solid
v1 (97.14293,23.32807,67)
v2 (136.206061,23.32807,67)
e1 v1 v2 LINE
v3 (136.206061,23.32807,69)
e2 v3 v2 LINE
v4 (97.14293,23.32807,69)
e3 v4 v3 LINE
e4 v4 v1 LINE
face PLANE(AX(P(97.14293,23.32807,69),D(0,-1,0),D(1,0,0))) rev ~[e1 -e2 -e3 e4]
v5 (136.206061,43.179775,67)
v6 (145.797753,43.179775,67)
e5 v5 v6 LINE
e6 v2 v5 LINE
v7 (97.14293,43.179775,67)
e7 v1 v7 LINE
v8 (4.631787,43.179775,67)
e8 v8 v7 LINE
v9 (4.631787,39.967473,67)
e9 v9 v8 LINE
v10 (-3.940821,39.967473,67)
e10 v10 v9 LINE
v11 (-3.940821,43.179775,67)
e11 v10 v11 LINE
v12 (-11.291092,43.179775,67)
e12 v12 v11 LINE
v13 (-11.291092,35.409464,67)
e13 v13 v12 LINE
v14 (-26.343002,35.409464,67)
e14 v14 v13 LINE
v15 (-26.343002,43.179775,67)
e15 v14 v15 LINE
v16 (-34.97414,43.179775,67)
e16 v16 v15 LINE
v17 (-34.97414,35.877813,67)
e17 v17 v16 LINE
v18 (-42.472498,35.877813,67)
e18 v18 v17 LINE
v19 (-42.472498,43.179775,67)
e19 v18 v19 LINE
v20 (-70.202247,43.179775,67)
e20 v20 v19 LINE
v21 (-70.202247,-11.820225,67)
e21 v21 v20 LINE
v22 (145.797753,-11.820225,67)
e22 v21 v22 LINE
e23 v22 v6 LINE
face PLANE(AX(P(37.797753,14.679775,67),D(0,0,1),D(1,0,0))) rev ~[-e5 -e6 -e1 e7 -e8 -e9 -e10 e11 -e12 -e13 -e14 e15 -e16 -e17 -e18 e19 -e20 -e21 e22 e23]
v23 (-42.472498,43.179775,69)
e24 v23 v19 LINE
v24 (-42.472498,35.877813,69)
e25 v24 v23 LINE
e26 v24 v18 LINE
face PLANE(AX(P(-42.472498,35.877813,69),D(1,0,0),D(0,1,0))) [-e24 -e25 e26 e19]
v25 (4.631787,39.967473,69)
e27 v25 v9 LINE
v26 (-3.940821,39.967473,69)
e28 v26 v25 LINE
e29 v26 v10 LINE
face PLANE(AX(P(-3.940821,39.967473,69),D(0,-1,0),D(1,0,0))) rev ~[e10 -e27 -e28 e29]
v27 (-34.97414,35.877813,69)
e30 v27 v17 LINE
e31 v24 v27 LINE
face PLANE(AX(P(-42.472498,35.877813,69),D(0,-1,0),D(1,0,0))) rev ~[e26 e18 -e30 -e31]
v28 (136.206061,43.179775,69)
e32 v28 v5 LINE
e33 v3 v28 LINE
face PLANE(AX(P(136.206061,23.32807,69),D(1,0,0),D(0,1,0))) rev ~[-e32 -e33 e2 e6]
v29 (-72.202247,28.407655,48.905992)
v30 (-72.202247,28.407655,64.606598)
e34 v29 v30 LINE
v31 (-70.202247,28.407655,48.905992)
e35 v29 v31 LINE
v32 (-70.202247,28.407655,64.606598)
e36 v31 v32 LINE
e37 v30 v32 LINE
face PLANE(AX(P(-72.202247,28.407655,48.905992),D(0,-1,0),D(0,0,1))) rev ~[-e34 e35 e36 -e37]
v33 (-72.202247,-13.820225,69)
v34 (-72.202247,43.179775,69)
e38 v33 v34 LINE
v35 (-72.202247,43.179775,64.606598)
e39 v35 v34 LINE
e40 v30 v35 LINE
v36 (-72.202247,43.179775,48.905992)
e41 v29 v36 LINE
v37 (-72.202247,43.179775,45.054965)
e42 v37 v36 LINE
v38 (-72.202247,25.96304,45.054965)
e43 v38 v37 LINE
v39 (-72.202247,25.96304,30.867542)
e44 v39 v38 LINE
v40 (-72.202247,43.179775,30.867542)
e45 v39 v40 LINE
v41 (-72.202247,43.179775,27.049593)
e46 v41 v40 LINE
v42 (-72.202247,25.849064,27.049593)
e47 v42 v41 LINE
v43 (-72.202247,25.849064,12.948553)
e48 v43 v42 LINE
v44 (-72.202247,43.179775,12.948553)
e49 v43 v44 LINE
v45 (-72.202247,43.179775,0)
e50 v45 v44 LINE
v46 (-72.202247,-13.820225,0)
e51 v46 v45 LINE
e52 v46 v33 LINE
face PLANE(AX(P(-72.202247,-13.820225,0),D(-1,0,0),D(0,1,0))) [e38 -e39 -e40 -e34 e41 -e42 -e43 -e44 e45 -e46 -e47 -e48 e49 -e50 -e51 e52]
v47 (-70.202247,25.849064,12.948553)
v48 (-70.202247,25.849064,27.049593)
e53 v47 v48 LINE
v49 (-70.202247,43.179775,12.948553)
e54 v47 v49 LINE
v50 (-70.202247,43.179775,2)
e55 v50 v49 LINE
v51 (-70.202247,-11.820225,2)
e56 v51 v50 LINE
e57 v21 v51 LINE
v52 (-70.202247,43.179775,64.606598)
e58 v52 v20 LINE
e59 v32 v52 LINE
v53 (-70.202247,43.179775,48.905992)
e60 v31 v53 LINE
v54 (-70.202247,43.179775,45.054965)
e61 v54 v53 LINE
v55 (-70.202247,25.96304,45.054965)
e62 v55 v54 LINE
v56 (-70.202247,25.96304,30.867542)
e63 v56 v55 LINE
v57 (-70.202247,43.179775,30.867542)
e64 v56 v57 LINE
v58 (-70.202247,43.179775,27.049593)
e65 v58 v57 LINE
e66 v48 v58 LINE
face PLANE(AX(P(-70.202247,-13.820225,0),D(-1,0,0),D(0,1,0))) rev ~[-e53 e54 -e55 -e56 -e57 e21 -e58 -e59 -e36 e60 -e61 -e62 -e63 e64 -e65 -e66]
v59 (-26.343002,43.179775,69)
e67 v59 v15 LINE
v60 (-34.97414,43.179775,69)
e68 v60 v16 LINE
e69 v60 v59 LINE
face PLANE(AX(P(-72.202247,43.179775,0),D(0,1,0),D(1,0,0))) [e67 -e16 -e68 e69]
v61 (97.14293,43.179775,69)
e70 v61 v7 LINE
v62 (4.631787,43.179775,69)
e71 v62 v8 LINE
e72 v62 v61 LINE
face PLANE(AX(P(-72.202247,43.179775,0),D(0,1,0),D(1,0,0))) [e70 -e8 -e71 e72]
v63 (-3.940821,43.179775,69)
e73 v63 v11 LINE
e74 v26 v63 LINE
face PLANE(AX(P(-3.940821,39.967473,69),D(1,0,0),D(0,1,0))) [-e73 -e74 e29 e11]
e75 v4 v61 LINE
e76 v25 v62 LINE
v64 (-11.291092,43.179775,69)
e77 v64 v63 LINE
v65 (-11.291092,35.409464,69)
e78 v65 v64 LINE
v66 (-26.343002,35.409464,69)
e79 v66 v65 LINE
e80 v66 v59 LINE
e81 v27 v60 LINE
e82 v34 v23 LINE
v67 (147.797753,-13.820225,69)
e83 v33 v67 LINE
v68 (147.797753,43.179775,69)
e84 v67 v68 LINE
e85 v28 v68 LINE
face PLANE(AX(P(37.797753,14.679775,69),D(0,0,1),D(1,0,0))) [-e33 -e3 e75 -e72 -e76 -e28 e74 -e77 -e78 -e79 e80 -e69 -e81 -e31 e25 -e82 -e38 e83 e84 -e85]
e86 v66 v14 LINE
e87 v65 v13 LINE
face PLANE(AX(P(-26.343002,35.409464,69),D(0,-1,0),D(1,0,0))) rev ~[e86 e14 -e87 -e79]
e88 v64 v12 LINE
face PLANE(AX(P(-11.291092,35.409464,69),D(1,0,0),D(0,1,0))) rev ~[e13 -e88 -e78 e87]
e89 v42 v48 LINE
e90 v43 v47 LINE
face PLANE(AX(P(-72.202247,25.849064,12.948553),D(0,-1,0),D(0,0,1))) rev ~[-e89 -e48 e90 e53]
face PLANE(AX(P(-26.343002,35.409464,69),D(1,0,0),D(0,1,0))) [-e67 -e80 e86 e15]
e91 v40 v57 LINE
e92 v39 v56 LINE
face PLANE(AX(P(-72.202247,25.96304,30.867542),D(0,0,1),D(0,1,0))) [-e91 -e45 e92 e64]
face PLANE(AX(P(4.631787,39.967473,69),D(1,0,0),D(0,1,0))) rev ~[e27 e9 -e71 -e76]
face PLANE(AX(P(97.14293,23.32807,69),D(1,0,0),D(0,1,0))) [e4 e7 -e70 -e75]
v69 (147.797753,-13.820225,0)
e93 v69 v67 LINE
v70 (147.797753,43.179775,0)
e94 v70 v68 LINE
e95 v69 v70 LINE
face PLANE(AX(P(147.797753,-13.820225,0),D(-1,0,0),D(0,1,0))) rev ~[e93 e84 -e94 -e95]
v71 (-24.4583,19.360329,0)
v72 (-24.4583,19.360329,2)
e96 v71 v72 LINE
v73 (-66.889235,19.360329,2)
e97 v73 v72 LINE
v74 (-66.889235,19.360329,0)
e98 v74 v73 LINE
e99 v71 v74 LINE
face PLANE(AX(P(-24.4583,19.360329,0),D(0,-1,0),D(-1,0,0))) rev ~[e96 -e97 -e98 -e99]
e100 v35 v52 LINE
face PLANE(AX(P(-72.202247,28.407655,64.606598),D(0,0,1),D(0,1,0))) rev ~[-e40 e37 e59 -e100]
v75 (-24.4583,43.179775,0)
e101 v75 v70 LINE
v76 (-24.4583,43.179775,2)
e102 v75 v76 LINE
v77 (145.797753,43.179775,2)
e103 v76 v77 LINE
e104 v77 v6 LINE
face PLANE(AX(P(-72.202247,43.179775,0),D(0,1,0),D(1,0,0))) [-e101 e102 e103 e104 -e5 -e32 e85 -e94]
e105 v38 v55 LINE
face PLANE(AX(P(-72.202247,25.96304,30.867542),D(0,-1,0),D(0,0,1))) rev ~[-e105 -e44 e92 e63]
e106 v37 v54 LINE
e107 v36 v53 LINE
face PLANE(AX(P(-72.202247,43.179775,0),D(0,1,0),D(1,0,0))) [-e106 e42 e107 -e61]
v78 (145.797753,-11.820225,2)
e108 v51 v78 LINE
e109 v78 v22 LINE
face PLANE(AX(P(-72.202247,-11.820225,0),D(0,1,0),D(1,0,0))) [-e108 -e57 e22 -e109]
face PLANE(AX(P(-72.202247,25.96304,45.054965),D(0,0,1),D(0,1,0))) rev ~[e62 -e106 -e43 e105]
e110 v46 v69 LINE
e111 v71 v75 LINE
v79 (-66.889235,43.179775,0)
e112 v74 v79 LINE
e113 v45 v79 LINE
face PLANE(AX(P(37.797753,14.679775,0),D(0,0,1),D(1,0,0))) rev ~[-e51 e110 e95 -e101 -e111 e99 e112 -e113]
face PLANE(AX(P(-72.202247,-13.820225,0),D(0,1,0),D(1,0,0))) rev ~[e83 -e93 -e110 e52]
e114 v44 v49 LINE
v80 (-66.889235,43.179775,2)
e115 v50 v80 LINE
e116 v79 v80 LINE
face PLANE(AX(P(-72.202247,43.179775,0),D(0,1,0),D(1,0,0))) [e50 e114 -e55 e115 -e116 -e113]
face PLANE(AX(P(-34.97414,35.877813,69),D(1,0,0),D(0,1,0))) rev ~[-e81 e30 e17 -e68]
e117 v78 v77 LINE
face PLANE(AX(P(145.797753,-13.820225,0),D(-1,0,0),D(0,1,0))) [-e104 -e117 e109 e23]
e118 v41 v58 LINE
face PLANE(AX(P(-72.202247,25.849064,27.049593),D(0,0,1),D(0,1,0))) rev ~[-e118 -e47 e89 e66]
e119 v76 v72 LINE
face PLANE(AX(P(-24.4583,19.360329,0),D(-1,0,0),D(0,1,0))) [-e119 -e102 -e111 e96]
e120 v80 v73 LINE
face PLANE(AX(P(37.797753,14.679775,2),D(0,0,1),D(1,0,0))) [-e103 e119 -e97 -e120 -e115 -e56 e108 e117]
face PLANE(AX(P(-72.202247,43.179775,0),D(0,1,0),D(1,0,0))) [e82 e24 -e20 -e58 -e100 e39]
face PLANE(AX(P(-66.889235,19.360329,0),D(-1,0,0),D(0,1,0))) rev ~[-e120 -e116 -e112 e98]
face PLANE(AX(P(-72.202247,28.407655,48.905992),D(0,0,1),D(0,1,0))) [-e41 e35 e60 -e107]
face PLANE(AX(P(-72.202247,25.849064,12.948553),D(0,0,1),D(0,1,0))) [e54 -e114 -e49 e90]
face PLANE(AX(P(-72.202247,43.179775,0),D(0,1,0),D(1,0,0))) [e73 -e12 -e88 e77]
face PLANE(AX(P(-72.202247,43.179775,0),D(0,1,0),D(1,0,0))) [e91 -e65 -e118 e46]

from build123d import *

# Parameters (mm, degrees)
ESQUISSE1_W            = 220
ESQUISSE1_H            = 57
BOSS_EXTRU_1_DEPTH     = 69
COQUE1_T               = -2
ESQUISSE2_W            = 42.430934458
ESQUISSE2_H            = 23.81944652
TROU_CABLES_DEPTH      = 10
ESQUISSE4_W            = 39.063130892
ESQUISSE4_H            = 19.851704837
TROU_BORNIER_DEPTH     = 10
ESQUISSE5_W            = 15.700605502
ESQUISSE5_H            = 14.772120087
TROU_RASPBERRY_1_DEPTH = 10
ESQUISSE6_W            = 14.187422576
ESQUISSE6_H            = 17.21673515
TROU_RASPBERRY_2_DEPTH = 10
ESQUISSE7_W            = 14.101040577
ESQUISSE7_H            = 17.33071114
TROU_RASPBERRY_3_DEPTH = 10
ESQUISSE8_W            = 7.498357612
ESQUISSE8_H            = 7.301962728
TROU_RASPBERRY_4_DEPTH = 10
ESQUISSE9_W            = 15.051909722
ESQUISSE9_H            = 7.770311475
TROU_RASPBERRY_5_DEPTH = 10
ESQUISSE10_W           = 8.572607217
ESQUISSE10_H           = 3.212302761
TROU_RASPBERRY_6_DEPTH = 10


with BuildPart() as part:
    # Esquisse1 → Boss.-Extru.1 (new body)
    with BuildSketch(Plane.XY):
        with Locations((37.797752809, 14.679775281)):
            Rectangle(ESQUISSE1_W, ESQUISSE1_H)
    extrude(amount=BOSS_EXTRU_1_DEPTH)

    # Coque1
    coque1_openings = [part.faces().sort_by_distance(p)[0] for p in [
        (37.797752809, 43.179775281, 34.5),
    ]]
    offset(amount=COQUE1_T, openings=coque1_openings, kind=Kind.INTERSECTION)

    # Esquisse2 → Trou cables (cut)
    with BuildSketch(Plane(origin=(0, 0, 0), x_dir=(-1, 0, 0), z_dir=(0, 0, -1))):
        with Locations((45.673767677, 31.270052021)):
            Rectangle(ESQUISSE2_W, ESQUISSE2_H)
    extrude(amount=-TROU_CABLES_DEPTH, mode=Mode.SUBTRACT)

    # Esquisse4 → trou bornier (cut)
    with BuildSketch(Plane.XY.offset(69)):
        with Locations((116.674495492, 33.253922863)):
            Rectangle(ESQUISSE4_W, ESQUISSE4_H)
    extrude(amount=-TROU_BORNIER_DEPTH, mode=Mode.SUBTRACT)

    # Esquisse5 → trou raspberry 1 (cut)
    with BuildSketch(Plane.ZY.offset(72.202247191)):
        with Locations((56.756295127, 35.793715238)):
            Rectangle(ESQUISSE5_W, ESQUISSE5_H)
    extrude(amount=-TROU_RASPBERRY_1_DEPTH, mode=Mode.SUBTRACT)

    # Esquisse6 → trou raspberry 2 (cut)
    with BuildSketch(Plane.ZY.offset(72.202247191)):
        with Locations((37.961253625, 34.571407706)):
            Rectangle(ESQUISSE6_W, ESQUISSE6_H)
    extrude(amount=-TROU_RASPBERRY_2_DEPTH, mode=Mode.SUBTRACT)

    # Esquisse7 → trou raspberry 3 (cut)
    with BuildSketch(Plane.ZY.offset(72.202247191)):
        with Locations((19.999072944, 34.514419711)):
            Rectangle(ESQUISSE7_W, ESQUISSE7_H)
    extrude(amount=-TROU_RASPBERRY_3_DEPTH, mode=Mode.SUBTRACT)

    # Esquisse8 → trou raspberry 4 (cut)
    with BuildSketch(Plane.XY.offset(69)):
        with Locations((-38.723319171, 39.528793917)):
            Rectangle(ESQUISSE8_W, ESQUISSE8_H)
    extrude(amount=-TROU_RASPBERRY_4_DEPTH, mode=Mode.SUBTRACT)

    # Esquisse9 → trou raspberry 5 (cut)
    with BuildSketch(Plane.XY.offset(69)):
        with Locations((-18.817046732, 39.294619544)):
            Rectangle(ESQUISSE9_W, ESQUISSE9_H)
    extrude(amount=-TROU_RASPBERRY_5_DEPTH, mode=Mode.SUBTRACT)

    # Esquisse10 → trou raspberry 6 (cut)
    with BuildSketch(Plane.XY.offset(69)):
        with Locations((0.345482943, 41.573623901)):
            Rectangle(ESQUISSE10_W, ESQUISSE10_H)
    extrude(amount=-TROU_RASPBERRY_6_DEPTH, mode=Mode.SUBTRACT)


solid = part.part
